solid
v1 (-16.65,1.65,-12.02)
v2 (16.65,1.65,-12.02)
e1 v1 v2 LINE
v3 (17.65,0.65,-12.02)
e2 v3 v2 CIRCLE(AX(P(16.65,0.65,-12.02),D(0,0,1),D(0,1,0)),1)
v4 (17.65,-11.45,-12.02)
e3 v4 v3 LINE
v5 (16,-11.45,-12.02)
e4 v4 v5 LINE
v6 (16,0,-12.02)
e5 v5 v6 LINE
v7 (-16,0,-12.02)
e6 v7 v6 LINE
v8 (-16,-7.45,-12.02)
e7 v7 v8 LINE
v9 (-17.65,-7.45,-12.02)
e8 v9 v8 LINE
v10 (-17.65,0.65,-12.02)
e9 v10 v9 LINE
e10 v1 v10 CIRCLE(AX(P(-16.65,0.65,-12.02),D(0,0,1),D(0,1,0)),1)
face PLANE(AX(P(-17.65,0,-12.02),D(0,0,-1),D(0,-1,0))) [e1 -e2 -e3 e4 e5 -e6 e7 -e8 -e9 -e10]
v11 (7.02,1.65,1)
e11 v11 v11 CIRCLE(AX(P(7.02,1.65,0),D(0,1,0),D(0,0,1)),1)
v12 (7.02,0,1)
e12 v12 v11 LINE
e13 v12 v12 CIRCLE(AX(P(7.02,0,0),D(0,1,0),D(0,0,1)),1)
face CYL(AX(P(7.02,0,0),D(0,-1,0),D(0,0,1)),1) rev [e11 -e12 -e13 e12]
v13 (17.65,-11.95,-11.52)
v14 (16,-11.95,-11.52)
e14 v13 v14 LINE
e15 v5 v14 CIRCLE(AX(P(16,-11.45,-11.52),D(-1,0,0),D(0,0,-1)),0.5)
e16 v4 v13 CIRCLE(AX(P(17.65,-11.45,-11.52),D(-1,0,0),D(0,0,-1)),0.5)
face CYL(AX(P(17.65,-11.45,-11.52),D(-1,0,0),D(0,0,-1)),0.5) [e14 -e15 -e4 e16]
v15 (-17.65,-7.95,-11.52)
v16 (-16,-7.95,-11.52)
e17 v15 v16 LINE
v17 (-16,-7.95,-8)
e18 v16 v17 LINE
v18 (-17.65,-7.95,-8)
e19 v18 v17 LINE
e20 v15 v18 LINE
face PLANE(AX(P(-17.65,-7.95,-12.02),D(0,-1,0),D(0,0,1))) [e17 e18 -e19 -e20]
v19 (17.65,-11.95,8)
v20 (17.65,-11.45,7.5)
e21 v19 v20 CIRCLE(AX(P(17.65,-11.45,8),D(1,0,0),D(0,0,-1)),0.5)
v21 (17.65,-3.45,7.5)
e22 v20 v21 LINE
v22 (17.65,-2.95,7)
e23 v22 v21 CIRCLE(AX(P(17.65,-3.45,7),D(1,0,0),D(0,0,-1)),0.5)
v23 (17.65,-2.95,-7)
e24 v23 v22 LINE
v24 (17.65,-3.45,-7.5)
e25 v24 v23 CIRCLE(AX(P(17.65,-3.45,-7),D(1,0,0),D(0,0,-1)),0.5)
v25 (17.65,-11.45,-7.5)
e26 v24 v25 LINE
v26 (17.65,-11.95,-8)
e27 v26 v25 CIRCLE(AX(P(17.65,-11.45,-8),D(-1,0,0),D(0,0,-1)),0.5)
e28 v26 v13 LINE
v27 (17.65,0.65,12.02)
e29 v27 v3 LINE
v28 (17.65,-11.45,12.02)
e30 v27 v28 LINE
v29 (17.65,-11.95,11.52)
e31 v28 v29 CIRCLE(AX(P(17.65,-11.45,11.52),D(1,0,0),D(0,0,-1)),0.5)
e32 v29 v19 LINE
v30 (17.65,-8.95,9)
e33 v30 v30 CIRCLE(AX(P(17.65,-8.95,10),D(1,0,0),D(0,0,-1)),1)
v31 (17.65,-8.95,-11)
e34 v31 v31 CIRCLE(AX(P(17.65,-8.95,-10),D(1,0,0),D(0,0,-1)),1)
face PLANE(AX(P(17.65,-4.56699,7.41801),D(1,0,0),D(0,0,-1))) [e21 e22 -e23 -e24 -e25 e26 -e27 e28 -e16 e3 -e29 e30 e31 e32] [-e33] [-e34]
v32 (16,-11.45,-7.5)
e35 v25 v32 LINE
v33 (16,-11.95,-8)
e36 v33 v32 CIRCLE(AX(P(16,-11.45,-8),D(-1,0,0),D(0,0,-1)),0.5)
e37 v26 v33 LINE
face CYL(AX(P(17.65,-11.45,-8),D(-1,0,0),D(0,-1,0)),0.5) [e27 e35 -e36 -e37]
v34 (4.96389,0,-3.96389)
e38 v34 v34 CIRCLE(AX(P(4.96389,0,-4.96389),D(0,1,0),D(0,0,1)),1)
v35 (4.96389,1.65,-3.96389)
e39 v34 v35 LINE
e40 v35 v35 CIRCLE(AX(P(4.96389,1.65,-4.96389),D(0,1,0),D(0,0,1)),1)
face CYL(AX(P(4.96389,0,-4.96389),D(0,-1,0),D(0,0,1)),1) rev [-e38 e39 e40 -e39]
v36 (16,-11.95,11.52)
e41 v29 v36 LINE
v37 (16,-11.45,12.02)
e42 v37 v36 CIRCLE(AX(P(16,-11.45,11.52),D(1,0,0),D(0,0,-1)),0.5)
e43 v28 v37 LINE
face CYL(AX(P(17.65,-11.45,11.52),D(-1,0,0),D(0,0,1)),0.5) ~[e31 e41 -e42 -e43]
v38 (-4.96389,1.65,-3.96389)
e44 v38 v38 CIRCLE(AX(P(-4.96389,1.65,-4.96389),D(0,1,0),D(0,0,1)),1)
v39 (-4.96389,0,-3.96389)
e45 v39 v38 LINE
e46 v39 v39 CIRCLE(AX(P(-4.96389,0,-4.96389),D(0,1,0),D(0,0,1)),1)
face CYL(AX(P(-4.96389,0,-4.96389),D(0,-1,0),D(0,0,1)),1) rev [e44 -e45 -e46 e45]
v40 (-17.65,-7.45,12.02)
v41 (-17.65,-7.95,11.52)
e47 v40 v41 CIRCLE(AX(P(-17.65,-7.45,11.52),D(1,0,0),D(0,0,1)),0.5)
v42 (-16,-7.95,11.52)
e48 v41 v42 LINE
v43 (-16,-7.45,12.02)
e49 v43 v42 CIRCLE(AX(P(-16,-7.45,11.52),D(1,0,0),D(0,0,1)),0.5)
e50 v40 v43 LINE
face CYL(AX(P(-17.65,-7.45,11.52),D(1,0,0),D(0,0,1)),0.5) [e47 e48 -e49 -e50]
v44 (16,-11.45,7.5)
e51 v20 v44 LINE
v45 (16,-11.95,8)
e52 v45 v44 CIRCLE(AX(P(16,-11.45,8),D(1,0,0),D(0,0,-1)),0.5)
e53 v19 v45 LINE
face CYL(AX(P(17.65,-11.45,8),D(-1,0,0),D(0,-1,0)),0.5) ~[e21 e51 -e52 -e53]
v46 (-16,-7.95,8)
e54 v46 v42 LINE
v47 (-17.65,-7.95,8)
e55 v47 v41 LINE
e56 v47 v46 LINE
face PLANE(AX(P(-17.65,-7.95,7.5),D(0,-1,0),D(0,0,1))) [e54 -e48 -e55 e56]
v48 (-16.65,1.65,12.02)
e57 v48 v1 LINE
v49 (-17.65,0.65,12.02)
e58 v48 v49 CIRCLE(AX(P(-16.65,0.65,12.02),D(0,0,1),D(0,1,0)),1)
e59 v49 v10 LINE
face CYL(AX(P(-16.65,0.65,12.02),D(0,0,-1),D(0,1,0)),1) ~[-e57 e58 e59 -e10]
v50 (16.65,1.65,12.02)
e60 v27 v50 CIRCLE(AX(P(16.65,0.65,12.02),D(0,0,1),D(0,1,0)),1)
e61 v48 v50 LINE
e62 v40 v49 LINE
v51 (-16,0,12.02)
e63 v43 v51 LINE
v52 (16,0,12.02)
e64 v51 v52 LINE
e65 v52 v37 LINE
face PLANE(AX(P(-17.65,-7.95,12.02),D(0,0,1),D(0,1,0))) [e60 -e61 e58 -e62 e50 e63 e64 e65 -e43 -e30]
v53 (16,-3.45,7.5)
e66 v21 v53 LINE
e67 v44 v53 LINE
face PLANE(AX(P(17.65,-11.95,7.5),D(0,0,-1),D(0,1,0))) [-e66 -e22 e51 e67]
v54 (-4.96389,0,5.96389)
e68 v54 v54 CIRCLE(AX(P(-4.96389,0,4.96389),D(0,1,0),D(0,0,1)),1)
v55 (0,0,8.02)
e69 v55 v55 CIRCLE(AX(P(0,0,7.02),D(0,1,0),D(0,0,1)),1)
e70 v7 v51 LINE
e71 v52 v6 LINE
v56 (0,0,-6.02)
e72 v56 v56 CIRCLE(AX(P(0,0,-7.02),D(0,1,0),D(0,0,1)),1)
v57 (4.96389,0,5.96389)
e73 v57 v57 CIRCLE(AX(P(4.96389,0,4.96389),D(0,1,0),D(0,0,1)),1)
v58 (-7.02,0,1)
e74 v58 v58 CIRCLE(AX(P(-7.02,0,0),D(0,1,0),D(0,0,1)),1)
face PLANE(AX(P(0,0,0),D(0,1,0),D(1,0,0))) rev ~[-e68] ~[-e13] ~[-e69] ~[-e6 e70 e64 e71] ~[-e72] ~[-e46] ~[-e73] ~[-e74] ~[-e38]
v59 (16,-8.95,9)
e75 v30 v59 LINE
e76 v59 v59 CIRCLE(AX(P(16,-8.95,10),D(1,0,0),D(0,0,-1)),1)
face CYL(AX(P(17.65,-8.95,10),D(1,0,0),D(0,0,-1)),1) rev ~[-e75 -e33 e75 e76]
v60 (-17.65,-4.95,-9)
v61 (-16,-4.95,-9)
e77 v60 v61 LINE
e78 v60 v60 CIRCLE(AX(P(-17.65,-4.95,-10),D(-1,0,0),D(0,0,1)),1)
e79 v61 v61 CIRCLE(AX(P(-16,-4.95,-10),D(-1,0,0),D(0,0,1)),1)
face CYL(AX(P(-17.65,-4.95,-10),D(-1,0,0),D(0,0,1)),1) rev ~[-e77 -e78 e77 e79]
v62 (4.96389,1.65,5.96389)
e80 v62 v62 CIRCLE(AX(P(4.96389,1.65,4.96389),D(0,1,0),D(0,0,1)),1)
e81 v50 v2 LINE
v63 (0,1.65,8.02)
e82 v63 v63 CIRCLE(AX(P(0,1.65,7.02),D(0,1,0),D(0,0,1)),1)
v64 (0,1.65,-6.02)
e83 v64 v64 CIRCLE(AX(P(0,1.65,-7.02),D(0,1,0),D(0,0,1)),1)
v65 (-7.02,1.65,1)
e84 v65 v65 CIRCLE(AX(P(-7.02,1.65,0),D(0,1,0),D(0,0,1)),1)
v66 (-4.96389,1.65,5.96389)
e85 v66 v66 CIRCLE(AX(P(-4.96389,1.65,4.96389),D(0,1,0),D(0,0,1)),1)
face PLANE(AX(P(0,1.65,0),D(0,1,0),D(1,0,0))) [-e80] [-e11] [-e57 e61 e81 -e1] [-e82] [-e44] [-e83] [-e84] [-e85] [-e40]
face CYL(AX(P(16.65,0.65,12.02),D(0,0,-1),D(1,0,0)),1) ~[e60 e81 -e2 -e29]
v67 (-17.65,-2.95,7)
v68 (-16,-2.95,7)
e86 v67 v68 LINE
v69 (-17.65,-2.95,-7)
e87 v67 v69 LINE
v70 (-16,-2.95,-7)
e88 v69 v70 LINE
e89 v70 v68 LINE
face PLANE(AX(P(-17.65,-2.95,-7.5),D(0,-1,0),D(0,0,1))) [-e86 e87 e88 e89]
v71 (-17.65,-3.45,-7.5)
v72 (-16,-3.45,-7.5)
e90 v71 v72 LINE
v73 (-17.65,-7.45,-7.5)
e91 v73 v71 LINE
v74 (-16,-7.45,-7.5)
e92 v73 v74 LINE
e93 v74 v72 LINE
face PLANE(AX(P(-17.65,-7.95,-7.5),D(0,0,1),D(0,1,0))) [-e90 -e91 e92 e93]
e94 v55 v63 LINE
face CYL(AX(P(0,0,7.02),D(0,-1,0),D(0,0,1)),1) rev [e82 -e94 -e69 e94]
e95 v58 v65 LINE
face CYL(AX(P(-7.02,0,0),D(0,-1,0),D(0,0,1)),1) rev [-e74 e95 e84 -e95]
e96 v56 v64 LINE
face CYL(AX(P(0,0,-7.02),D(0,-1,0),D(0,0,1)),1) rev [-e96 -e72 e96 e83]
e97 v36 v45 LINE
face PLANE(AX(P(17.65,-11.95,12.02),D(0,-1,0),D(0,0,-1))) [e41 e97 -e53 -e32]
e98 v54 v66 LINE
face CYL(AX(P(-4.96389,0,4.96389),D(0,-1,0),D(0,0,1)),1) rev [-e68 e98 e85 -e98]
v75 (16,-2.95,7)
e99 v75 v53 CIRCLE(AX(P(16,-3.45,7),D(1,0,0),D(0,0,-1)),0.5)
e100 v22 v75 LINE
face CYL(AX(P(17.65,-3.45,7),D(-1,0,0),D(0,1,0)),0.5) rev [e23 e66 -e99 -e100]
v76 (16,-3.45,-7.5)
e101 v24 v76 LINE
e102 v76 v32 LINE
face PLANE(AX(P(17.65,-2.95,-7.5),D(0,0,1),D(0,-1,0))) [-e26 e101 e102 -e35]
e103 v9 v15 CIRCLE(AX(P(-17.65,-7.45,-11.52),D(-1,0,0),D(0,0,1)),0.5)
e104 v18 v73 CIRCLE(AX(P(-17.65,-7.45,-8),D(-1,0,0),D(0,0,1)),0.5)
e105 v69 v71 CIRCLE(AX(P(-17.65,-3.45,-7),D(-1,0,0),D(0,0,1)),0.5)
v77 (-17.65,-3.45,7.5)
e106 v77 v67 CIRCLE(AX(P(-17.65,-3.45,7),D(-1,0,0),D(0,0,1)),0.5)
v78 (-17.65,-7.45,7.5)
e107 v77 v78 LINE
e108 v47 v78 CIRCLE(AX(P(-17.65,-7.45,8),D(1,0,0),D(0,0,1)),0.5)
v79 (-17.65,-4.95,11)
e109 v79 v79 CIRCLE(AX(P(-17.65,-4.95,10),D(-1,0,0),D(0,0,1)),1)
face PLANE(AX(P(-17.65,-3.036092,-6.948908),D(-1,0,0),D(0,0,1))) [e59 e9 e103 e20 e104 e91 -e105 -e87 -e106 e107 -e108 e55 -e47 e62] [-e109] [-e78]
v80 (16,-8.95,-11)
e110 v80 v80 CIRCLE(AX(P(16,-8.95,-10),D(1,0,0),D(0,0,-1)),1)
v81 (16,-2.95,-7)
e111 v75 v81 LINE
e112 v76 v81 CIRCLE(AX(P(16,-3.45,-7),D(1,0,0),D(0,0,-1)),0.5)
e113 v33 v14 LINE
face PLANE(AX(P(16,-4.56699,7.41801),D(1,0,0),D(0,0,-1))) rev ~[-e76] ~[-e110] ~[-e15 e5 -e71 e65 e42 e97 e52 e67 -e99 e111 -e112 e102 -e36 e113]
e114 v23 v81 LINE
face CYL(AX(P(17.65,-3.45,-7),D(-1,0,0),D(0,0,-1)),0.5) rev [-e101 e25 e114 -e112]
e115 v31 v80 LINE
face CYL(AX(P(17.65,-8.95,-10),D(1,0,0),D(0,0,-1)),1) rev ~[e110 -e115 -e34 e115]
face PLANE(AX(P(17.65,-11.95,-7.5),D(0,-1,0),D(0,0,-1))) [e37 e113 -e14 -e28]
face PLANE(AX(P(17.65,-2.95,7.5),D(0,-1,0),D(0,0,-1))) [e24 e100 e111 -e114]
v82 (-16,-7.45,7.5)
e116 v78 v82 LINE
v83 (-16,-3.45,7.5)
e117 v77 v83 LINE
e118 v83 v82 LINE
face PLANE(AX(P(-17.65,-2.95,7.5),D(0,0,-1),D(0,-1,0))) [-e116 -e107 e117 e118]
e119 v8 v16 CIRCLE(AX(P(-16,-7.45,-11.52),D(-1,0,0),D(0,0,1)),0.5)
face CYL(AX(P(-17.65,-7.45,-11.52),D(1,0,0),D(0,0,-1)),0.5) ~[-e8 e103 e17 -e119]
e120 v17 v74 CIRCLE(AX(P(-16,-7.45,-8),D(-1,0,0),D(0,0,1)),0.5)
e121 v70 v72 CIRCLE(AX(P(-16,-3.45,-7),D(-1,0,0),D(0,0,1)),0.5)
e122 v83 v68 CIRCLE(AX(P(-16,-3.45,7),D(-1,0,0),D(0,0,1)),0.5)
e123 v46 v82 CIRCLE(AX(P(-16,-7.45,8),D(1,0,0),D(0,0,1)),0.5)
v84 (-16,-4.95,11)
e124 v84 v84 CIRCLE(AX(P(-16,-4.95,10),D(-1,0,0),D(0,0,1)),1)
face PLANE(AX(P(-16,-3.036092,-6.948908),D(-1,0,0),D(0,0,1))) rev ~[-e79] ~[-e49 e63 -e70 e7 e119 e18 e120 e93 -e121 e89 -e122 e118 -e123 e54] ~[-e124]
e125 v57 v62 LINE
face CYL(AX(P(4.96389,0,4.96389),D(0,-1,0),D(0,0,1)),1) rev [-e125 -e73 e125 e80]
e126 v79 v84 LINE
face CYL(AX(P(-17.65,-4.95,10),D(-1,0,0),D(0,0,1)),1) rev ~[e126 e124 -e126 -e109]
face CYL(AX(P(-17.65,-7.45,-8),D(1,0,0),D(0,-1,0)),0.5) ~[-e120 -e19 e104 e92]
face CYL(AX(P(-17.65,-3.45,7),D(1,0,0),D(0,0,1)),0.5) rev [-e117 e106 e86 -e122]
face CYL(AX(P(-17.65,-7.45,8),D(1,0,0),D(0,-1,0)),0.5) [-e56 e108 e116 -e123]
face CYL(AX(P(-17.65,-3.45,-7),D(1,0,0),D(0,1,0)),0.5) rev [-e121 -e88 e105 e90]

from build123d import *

# Parameters (mm, degrees)
SKETCH1_W           = 35.3
SKETCH1_H           = 24.04
SKETCH1_R           = 1
BOSS_EXTRUDE1_DEPTH = 1.65
SKETCH2_R           = 1
BOSS_EXTRUDE2_DEPTH = 1.65
SKETCH3_R           = 1
BOSS_EXTRUDE3_DEPTH = 1.65
FILLET1_R           = 1
FILLET2_R           = 1
FILLET3_R           = 0.5


with BuildPart() as part:
    # Sketch1 → Boss-Extrude1 (new body)
    with BuildSketch(Plane(origin=(0, 0, 0), x_dir=(1, 0, 0), z_dir=(0, 1, 0))):
        Rectangle(SKETCH1_W, SKETCH1_H)
        with Locations(Location((0, 7.02, 0), (0, 0, 270))):
            Circle(SKETCH1_R, mode=Mode.SUBTRACT)
        with Locations(Location((4.963889604, 4.963889604, 0), (0, 0, 270))):
            Circle(SKETCH1_R, mode=Mode.SUBTRACT)
        with Locations(Location((7.02, 0, 0), (0, 0, 270))):
            Circle(SKETCH1_R, mode=Mode.SUBTRACT)
        with Locations(Location((4.963889604, -4.963889604, 0), (0, 0, 270))):
            Circle(SKETCH1_R, mode=Mode.SUBTRACT)
        with Locations(Location((0, -7.02, 0), (0, 0, 270))):
            Circle(SKETCH1_R, mode=Mode.SUBTRACT)
        with Locations(Location((-4.963889604, -4.963889604, 0), (0, 0, 270))):
            Circle(SKETCH1_R, mode=Mode.SUBTRACT)
        with Locations(Location((-7.02, 0, 0), (0, 0, 270))):
            Circle(SKETCH1_R, mode=Mode.SUBTRACT)
        with Locations(Location((-4.963889604, 4.963889604, 0), (0, 0, 270))):
            Circle(SKETCH1_R, mode=Mode.SUBTRACT)
    extrude(amount=BOSS_EXTRUDE1_DEPTH)

    # Sketch2 → Boss-Extrude2 (add)
    # profile 1 of 2: a face of its own
    with BuildSketch(Plane(origin=(17.65, 0, 0), x_dir=(0, 0, -1), z_dir=(1, 0, 0))):
        Polygon((-7.5, -2.95), (0, -2.95), (0, 0), (-12.02, 0), (-12.02, -11.95), (-7.5, -11.95), align=None)
        with Locations((-10, -8.95)):
            Circle(SKETCH2_R, mode=Mode.SUBTRACT)
    # profile 2 of 2: a face of its own
    with BuildSketch(Plane(origin=(17.65, 0, 0), x_dir=(0, 0, -1), z_dir=(1, 0, 0))):
        Polygon((7.5, -2.95), (7.5, -11.95), (12.02, -11.95), (12.02, 0), (0, 0), (0, -2.95), align=None)
        with Locations((10, -8.95)):
            Circle(SKETCH2_R, mode=Mode.SUBTRACT)
    extrude(amount=-BOSS_EXTRUDE2_DEPTH)

    # Sketch3 → Boss-Extrude3 (add)
    # profile 1 of 2: a face of its own
    with BuildSketch(Plane.ZY.offset(17.65)):
        Polygon((-7.5, -2.95), (0, -2.95), (0, 0), (-12.02, 0), (-12.02, -7.95), (-7.5, -7.95), align=None)
        with Locations((-10, -4.95)):
            Circle(SKETCH3_R, mode=Mode.SUBTRACT)
    # profile 2 of 2: a face of its own
    with BuildSketch(Plane.ZY.offset(17.65)):
        Polygon((7.5, -2.95), (7.5, -7.95), (12.02, -7.95), (12.02, 0), (0, 0), (0, -2.95), align=None)
        with Locations((10, -4.95)):
            Circle(SKETCH3_R, mode=Mode.SUBTRACT)
    extrude(amount=-BOSS_EXTRUDE3_DEPTH)

    # Fillet1
    fillet1_edges = [part.edges().sort_by_distance(p)[0] for p in [
        (17.65, 1.65, 0),
    ]]
    fillet(fillet1_edges, radius=FILLET1_R)

    # Fillet2
    fillet2_edges = [part.edges().sort_by_distance(p)[0] for p in [
        (-17.65, 1.65, 0),
    ]]
    fillet(fillet2_edges, radius=FILLET2_R)

    # Fillet3
    fillet3_edges = [part.edges().sort_by_distance(p)[0] for p in [
        (16.825, -2.95, -7.5),
        (16.825, -2.95, 7.5),
        (16.825, -11.95, 7.5),
        (16.825, -11.95, 12.02),
        (16.825, -11.95, -12.02),
        (16.825, -11.95, -7.5),
        (-16.825, -2.95, 7.5),
        (-16.825, -2.95, -7.5),
        (-16.825, -7.95, -7.5),
        (-16.825, -7.95, -12.02),
        (-16.825, -7.95, 12.02),
        (-16.825, -7.95, 7.5),
    ]]
    fillet(fillet3_edges, radius=FILLET3_R)


solid = part.part
